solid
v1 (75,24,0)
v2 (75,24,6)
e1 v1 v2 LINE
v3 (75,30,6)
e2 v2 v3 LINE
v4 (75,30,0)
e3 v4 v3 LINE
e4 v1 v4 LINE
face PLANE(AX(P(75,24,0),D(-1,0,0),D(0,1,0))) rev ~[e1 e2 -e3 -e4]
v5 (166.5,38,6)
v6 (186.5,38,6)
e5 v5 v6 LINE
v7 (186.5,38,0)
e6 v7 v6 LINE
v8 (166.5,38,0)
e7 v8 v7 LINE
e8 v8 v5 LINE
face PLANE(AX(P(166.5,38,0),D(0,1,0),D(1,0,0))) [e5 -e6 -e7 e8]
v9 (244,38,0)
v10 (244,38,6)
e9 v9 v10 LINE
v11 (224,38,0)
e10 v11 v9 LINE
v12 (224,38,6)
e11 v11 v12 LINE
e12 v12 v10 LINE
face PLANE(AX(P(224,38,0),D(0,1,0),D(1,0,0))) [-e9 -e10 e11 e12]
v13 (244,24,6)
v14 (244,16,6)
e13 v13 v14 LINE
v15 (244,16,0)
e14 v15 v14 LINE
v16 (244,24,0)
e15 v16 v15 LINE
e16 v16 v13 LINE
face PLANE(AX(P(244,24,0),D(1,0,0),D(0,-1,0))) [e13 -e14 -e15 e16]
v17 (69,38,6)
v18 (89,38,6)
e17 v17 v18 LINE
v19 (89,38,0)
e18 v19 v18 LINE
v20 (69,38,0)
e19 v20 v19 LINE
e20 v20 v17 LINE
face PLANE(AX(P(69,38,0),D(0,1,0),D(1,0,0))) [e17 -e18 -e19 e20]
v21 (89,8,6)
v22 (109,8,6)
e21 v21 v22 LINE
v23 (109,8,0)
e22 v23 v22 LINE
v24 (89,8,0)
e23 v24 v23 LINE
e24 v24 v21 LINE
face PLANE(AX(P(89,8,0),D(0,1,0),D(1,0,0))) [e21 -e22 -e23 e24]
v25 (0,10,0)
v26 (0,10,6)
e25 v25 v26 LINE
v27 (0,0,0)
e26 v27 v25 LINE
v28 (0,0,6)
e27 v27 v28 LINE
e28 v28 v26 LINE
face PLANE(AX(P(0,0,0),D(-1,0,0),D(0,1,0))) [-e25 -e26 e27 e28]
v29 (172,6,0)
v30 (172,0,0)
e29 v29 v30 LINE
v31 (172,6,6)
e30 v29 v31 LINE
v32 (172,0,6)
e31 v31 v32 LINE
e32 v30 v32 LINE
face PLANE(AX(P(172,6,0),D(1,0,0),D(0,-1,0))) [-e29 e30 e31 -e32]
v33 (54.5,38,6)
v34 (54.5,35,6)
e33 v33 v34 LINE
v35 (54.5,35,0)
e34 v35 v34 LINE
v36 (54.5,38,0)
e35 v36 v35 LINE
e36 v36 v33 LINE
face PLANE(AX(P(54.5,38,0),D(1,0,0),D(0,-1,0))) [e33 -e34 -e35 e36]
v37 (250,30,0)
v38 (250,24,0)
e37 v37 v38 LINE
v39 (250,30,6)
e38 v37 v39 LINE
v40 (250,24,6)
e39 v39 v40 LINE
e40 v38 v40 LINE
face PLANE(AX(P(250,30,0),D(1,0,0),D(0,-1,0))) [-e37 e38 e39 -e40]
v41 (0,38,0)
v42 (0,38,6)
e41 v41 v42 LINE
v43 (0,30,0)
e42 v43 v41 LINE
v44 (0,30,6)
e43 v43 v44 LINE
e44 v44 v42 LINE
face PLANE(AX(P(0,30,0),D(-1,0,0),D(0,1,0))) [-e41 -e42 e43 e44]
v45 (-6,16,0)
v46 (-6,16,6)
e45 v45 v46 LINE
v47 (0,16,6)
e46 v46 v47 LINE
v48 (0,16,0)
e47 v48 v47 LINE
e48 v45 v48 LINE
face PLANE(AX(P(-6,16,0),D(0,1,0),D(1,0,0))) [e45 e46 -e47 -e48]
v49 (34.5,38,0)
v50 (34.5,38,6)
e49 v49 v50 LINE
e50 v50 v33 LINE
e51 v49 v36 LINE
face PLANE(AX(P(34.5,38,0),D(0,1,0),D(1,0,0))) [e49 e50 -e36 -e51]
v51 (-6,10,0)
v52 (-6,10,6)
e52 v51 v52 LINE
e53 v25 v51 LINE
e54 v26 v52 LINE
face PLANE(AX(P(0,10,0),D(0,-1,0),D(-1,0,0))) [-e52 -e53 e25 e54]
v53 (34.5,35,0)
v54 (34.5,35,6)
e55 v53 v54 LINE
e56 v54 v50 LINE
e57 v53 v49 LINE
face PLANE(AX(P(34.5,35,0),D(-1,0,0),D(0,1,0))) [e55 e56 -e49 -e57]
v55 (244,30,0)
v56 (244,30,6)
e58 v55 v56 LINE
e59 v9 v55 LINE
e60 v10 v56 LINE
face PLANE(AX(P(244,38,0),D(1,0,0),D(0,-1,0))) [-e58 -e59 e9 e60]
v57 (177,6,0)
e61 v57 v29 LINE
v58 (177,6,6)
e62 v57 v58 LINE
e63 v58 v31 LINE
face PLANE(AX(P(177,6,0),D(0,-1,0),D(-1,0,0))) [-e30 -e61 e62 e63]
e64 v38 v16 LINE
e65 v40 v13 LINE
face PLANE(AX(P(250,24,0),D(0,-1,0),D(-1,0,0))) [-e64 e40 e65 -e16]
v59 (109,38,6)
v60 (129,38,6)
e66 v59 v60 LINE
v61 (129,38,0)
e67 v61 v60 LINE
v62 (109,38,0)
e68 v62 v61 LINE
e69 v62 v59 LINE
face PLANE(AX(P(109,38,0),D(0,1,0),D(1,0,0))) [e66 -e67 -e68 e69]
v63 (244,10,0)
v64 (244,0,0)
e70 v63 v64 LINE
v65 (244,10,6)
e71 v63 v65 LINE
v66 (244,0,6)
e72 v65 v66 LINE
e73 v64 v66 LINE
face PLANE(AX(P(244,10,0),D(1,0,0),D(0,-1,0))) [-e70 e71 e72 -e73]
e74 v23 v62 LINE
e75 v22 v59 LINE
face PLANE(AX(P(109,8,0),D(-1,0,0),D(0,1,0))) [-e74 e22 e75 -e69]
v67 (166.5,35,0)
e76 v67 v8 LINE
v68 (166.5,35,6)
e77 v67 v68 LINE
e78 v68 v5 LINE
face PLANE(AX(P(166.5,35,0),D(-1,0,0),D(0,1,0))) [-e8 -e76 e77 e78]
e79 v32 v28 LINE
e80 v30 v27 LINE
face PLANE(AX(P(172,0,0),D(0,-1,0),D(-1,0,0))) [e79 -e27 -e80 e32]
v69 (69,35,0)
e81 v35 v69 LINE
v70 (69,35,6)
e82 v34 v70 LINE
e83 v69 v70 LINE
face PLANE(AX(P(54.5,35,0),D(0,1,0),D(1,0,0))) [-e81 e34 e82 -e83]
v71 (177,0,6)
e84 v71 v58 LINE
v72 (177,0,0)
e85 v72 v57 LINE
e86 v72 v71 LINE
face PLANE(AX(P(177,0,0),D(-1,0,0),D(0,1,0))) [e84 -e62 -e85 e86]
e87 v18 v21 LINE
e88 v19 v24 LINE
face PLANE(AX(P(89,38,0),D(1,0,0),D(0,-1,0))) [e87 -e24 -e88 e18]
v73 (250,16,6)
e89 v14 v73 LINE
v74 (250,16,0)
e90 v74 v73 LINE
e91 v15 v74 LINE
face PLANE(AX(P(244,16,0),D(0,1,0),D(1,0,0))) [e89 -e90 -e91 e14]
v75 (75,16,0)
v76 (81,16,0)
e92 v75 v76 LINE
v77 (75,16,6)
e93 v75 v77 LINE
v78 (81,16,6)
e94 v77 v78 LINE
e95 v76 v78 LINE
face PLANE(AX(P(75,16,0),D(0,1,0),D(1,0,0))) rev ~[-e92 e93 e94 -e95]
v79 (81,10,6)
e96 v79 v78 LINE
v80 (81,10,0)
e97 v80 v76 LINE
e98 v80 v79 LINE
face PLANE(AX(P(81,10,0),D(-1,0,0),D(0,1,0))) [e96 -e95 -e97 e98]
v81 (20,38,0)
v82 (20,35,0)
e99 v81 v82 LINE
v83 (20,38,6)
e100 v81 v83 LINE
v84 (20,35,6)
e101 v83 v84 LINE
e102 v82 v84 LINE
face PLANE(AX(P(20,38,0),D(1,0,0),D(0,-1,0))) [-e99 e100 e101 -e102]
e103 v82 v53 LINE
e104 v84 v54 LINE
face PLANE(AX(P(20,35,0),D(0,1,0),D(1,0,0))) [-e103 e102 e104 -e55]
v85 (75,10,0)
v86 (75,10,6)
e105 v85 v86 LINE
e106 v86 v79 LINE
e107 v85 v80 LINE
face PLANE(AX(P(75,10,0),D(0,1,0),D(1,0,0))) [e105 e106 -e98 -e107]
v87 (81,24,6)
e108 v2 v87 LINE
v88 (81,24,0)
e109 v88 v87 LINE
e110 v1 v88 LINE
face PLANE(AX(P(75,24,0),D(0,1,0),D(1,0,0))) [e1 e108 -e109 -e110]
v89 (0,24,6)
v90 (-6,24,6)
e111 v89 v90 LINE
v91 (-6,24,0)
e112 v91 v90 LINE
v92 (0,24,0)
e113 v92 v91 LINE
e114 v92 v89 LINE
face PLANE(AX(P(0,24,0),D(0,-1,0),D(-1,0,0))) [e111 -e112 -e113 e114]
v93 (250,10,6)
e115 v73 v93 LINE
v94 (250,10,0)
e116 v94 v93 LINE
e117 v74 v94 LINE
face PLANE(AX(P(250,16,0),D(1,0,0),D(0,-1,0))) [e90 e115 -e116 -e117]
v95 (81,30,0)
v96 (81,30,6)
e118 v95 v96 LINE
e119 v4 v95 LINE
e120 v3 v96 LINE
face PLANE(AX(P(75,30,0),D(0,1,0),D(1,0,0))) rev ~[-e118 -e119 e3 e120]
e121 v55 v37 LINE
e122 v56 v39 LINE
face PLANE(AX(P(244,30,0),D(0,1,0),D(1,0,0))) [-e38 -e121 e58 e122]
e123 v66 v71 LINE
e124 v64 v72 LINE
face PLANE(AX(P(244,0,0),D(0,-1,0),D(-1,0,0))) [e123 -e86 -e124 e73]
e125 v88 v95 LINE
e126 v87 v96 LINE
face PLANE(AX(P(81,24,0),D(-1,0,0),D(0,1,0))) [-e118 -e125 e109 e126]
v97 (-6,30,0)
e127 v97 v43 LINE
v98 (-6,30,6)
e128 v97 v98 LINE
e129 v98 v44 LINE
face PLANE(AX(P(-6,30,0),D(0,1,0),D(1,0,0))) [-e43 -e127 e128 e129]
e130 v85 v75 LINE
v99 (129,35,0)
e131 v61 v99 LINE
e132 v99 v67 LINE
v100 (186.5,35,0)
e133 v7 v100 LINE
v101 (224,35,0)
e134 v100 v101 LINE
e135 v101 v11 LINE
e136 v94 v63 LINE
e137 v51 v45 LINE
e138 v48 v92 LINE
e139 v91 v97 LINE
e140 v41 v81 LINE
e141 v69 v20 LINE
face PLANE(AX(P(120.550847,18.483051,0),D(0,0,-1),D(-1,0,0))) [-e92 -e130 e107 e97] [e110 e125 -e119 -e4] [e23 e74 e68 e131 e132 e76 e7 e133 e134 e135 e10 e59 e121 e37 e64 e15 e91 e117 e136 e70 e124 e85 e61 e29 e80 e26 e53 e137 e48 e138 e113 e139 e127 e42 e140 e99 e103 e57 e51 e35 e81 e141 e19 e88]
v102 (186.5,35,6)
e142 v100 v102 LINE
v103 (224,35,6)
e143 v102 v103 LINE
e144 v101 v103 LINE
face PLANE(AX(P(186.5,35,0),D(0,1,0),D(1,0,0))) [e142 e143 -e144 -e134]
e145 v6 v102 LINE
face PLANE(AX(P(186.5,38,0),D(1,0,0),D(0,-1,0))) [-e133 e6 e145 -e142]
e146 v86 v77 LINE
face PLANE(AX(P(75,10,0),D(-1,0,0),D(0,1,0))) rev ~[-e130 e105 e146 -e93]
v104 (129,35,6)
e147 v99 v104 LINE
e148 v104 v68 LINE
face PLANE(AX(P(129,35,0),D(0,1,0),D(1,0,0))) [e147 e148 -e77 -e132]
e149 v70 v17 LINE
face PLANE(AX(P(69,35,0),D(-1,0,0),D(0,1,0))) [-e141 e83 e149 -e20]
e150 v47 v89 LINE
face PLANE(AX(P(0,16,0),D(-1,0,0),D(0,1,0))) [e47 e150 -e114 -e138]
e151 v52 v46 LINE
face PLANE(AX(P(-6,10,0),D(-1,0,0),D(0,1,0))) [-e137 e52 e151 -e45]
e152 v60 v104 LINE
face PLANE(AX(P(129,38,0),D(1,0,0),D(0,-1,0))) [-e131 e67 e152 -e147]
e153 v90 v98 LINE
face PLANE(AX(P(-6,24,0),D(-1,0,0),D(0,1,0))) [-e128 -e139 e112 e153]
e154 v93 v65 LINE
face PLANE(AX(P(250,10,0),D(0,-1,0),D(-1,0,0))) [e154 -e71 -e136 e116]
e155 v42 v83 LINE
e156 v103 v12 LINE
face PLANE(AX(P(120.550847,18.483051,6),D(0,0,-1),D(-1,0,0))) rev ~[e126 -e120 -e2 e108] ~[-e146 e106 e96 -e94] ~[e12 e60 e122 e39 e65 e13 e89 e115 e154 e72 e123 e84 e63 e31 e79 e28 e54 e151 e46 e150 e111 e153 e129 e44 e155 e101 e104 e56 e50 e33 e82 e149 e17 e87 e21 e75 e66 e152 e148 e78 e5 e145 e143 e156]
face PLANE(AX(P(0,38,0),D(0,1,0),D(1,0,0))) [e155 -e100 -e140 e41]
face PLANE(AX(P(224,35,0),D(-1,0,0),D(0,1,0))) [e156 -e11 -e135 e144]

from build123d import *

# Parameters (mm, degrees)
SKETCH_2_W      = 6
SKETCH_2_H      = 6
EXTRUDE_1_DEPTH = 6


with BuildPart() as part:
    # Эскиз2 → Бобышка-Вытянуть1 (new body)
    with BuildSketch(Plane.XY):
        Polygon((89, 38), (89, 8), (109, 8), (109, 38), (129, 38), (129, 35), (166.5, 35), (166.5, 38), (186.5, 38), (186.5, 35), (224, 35), (224, 38), (244, 38), (244, 30), (250, 30), (250, 24), (244, 24), (244, 16), (250, 16), (250, 10), (244, 10), (244, 0), (177, 0), (177, 6), (172, 6), (172, 0), (0, 0), (0, 10), (-6, 10), (-6, 16), (0, 16), (0, 24), (-6, 24), (-6, 30), (0, 30), (0, 38), (20, 38), (20, 35), (34.5, 35), (34.5, 38), (54.5, 38), (54.5, 35), (69, 35), (69, 38), align=None)
        with Locations((78, 27)):
            Rectangle(SKETCH_2_W, SKETCH_2_H, mode=Mode.SUBTRACT)
        with Locations((78, 13)):
            Rectangle(SKETCH_2_W, SKETCH_2_H, mode=Mode.SUBTRACT)
    extrude(amount=EXTRUDE_1_DEPTH)


solid = part.part
